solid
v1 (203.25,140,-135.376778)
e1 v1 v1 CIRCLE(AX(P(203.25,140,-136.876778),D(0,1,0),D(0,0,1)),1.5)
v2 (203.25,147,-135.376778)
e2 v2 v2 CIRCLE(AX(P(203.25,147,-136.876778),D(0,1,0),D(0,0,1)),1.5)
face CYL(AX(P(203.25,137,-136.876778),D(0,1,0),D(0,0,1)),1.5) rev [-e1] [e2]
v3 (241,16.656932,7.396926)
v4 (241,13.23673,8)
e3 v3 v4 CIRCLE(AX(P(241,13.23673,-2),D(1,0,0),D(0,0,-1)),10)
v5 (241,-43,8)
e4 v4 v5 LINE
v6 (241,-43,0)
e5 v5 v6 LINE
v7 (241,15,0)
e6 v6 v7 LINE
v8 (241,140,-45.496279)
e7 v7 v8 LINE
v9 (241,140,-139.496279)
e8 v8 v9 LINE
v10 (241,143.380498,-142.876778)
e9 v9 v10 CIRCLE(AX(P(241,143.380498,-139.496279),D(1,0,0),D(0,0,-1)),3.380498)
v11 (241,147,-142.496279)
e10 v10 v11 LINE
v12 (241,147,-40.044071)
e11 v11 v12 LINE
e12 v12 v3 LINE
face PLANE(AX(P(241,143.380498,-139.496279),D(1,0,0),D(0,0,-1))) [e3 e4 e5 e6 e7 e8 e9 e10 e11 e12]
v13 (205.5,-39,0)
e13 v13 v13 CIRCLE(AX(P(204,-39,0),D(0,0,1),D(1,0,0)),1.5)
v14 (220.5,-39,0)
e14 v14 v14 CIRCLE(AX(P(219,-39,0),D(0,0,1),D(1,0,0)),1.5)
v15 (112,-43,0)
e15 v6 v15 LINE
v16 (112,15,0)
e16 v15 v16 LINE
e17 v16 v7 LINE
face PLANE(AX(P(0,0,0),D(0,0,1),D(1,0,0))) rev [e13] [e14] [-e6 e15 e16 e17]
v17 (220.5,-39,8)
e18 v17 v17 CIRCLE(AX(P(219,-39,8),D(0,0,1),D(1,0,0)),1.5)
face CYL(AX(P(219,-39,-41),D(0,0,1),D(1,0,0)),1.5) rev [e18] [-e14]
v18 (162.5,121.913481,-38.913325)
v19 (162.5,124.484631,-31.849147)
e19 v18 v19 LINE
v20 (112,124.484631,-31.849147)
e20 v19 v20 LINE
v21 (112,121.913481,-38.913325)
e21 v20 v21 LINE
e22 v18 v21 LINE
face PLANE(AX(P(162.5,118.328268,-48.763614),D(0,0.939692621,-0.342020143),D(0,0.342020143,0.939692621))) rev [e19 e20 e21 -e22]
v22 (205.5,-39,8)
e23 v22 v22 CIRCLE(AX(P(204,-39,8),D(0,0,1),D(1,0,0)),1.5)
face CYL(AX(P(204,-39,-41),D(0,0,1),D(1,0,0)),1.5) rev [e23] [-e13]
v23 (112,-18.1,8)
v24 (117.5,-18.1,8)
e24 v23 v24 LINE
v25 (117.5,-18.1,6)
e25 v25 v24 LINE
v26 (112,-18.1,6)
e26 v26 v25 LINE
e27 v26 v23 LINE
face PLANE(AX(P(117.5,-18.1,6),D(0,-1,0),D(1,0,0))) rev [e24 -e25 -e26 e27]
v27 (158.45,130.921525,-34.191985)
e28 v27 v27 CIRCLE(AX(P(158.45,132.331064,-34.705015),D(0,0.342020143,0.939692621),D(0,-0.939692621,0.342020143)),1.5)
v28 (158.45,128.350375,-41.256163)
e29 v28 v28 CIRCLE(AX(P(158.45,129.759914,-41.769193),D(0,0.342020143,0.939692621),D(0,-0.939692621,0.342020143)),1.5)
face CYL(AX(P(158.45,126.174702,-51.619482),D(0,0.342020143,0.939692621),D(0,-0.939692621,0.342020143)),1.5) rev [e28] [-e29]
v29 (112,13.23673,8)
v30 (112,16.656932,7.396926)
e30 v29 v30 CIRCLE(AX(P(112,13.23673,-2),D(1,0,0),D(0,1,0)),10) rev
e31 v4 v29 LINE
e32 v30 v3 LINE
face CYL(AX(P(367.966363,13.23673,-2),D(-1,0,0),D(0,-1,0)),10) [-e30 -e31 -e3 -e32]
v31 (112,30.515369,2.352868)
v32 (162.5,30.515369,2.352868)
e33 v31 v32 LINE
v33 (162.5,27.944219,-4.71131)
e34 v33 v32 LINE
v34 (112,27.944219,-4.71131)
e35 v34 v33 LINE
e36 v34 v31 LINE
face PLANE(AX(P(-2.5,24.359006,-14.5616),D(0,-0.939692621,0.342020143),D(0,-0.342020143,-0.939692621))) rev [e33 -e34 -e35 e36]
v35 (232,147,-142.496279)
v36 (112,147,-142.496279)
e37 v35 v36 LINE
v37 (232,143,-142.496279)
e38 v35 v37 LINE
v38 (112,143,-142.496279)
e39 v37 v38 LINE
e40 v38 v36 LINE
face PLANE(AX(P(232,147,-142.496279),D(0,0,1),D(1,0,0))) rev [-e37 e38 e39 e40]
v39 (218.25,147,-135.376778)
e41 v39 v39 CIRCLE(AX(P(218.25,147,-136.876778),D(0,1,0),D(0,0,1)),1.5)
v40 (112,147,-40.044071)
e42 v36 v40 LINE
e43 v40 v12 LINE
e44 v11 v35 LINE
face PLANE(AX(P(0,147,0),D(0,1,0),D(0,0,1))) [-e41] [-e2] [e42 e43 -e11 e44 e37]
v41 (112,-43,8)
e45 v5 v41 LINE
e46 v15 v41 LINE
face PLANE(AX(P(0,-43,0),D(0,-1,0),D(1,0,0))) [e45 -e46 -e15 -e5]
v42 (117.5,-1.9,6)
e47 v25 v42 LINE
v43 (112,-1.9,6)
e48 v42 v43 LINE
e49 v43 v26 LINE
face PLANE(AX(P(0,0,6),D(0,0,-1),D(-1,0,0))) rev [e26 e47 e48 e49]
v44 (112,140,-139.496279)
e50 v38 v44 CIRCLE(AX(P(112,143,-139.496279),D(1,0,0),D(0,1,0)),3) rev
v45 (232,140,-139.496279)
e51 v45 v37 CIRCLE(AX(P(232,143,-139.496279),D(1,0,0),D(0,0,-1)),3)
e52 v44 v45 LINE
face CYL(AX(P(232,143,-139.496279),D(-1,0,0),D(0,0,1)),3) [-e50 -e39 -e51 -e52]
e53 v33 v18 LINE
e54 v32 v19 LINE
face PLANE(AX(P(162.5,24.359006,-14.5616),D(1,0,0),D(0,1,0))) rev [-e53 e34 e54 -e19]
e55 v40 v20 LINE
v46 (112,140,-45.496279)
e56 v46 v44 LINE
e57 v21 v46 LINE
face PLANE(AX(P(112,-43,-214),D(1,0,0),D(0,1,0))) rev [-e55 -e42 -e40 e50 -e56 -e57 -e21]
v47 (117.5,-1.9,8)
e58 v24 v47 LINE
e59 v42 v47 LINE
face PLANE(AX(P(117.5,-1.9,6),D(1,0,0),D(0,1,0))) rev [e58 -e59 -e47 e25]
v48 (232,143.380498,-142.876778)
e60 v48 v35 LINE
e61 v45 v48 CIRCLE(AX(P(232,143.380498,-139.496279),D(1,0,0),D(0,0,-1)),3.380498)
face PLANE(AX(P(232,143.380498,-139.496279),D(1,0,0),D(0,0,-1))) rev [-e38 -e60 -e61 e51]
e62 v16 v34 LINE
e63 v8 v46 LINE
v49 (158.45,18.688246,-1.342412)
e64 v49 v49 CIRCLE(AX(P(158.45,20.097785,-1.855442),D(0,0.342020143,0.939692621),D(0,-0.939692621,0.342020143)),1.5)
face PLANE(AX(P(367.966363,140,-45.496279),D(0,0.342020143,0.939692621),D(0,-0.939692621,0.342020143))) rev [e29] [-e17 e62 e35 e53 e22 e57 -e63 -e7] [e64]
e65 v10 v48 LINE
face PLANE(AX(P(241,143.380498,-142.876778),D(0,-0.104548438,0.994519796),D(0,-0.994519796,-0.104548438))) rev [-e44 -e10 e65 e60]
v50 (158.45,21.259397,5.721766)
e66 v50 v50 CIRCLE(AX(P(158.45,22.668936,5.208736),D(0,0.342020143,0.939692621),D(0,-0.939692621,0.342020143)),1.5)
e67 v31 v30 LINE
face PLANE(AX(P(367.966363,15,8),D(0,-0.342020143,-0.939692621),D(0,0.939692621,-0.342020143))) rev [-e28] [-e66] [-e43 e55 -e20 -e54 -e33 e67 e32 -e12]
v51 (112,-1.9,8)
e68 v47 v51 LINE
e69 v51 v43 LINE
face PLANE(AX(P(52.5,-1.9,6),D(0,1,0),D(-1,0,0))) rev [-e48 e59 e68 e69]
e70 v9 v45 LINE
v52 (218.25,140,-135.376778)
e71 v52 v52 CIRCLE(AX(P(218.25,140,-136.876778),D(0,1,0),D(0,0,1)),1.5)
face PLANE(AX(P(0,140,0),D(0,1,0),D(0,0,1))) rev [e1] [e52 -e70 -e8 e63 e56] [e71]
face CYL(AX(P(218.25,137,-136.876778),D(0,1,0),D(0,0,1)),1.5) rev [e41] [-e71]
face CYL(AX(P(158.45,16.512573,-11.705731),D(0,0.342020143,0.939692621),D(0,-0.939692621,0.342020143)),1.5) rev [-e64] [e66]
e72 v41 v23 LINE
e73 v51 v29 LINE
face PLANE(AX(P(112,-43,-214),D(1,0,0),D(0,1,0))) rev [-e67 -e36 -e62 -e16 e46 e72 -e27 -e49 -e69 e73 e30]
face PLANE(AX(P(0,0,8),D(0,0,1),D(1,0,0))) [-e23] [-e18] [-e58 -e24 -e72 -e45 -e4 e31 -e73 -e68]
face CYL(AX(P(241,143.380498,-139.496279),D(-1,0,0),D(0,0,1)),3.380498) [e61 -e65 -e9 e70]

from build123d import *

# Parameters (mm, degrees)
SKETCH1_W                = 170
SKETCH1_H                = 130
BOSS_EXTRUDE1_DEPTH      = 8
SKETCH2_R                = 1.5
SKETCH2_W                = 165
SKETCH2_H                = 100
CUT_EXTRUDE1_DEPTH       = 21
SKETCH3_W                = 170
SKETCH3_H                = 20
BOSS_EXTRUDE2_DEPTH      = 8
SKETCH4_W                = 65
SKETCH4_H                = 16.2
CUT_EXTRUDE2_DEPTH       = 2
SKETCH5_W                = 3.5
SKETCH5_H                = 12
CUT_EXTRUDE3_DEPTH       = 35
SKETCH6_W                = 170
SKETCH6_H                = 150
BOSS_EXTRUDE3_DEPTH      = 8
BOSS_EXTRUDE4_DEPTH      = 138
SKETCH8_W                = 249
SKETCH8_H                = 138
BOSS_EXTRUDE5_DEPTH      = 1
SKETCH9_W                = 72.8
SKETCH9_H                = 73.25
CUT_EXTRUDE4_DEPTH       = 19
BOSS_EXTRUDE6_DEPTH      = 5
SKETCH11_R               = 1.5
CUT_EXTRUDE5_DEPTH       = 56
SKETCH12_R               = 9
SKETCH12_R_2             = 6.5
SKETCH12_R_3             = 1
SKETCH12_R_4             = 2.75
CUT_EXTRUDE6_DEPTH       = 115
SKETCH13_W               = 58.59049163
SKETCH13_H               = 30.075830986
CUT_EXTRUDE7_DEPTH       = 3
FILLET1_R                = 2
SKETCH15_R               = 1.5
CUT_EXTRUDE8_DEPTH       = 10
CUT_EXTRUDE10_DEPTH      = 261
SKETCH19_R               = 1.5
BOSS_EXTRUDE7_DEPTH      = 8
BOSS_EXTRUDE12_START     = -124.5
BOSS_EXTRUDE12_DEPTH     = 249
SKETCH22_R               = 1.5
SKETCH22_W               = 165
SKETCH22_H               = 100
CUT_EXTRUDE11_DEPTH      = 18
FILLET2_R                = 10
SKETCH24_R               = 2
SKETCH24_W               = 3
SKETCH24_H               = 72
CUT_EXTRUDE15_DEPTH      = 42
CUT_EXTRUDE16_DEPTH      = 140
CUT_EXTRUDE16_DEPTH_BACK = 242
SKETCH27_W               = 249
SKETCH27_H               = 105
BOSS_EXTRUDE13_DEPTH     = 7
CUT_EXTRUDE17_DEPTH      = 249
FILLET6_R                = 3
FILLET7_R                = 3
BOSS_EXTRUDE14_DEPTH     = 9
SKETCH30_R               = 1.5
CUT_EXTRUDE18_DEPTH      = 10
SKETCH31_R               = 1.5
CUT_EXTRUDE19_DEPTH      = 49
CUT_EXTRUDE20_DEPTH      = 49
SKETCH34_W               = 129
SKETCH34_H               = 190
CUT_EXTRUDE21_DEPTH      = 222


with BuildPart() as part:
    # Sketch1 → Boss-Extrude1 (new body)
    with BuildSketch(Plane.XY):
        with Locations((85, 65)):
            Rectangle(SKETCH1_W, SKETCH1_H)
    extrude(amount=BOSS_EXTRUDE1_DEPTH)

    # Sketch2 → Cut-Extrude1 (cut)
    with BuildSketch(Plane.XY.offset(8)):
        with Locations((6.55, 123.35)):
            Circle(SKETCH2_R)
        with Locations((163.45, 123.35)):
            Circle(SKETCH2_R)
        with Locations((6.55, 6.65)):
            Circle(SKETCH2_R)
        with Locations((163.45, 6.65)):
            Circle(SKETCH2_R)
        with Locations((85, 65)):
            Rectangle(SKETCH2_W, SKETCH2_H)
    extrude(amount=-CUT_EXTRUDE1_DEPTH, mode=Mode.SUBTRACT)

    # Sketch3 → Boss-Extrude2 (add)
    with BuildSketch(Plane.XY.offset(8)):
        with Locations((85, -10)):
            Rectangle(SKETCH3_W, SKETCH3_H)
    extrude(amount=-BOSS_EXTRUDE2_DEPTH)

    # Sketch4 → Cut-Extrude2 (cut)
    with BuildSketch(Plane.XY.offset(8)):
        with Locations((85, -10)):
            Rectangle(SKETCH4_W, SKETCH4_H)
    extrude(amount=-CUT_EXTRUDE2_DEPTH, mode=Mode.SUBTRACT)

    # Sketch5 → Cut-Extrude3 (cut)
    with BuildSketch(Plane.XY.offset(6)):
        with Locations((63.25, -10)):
            Rectangle(SKETCH5_W, SKETCH5_H)
        with Locations((71.75, -10)):
            Rectangle(SKETCH5_W, SKETCH5_H)
        with Locations((80.75, -10)):
            Rectangle(SKETCH5_W, SKETCH5_H)
        with Locations((89.25, -10)):
            Rectangle(SKETCH5_W, SKETCH5_H)
        with Locations((98.25, -10)):
            Rectangle(SKETCH5_W, SKETCH5_H)
        with Locations((106.75, -10)):
            Rectangle(SKETCH5_W, SKETCH5_H)
    extrude(amount=-CUT_EXTRUDE3_DEPTH, mode=Mode.SUBTRACT)

    # Sketch6 → Boss-Extrude3 (add)
    with BuildSketch(Plane.XY.offset(8)):
        Polygon((15.504384948, 140), (225, 140), (225, -35), (-10, -35), (-10, 140), align=None)
        with Locations((85, 55)):
            Rectangle(SKETCH6_W, SKETCH6_H, mode=Mode.SUBTRACT)
    extrude(amount=-BOSS_EXTRUDE3_DEPTH)

    # Sketch7 → Boss-Extrude4 (add)
    with BuildSketch(Plane.XY.offset(8)):
        Polygon((-10, 140), (-17, 140), (-17, -42), (232, -42), (232, 140), (225, 140), (225, -35), (-10, -35), align=None)
    extrude(amount=-BOSS_EXTRUDE4_DEPTH)

    # Sketch8 → Boss-Extrude5 (add)
    with BuildSketch(Plane.XZ.offset(42)):
        with Locations((107.5, -61)):
            Rectangle(SKETCH8_W, SKETCH8_H)
    extrude(amount=BOSS_EXTRUDE5_DEPTH)

    # Sketch9 → Cut-Extrude4 (cut)
    with BuildSketch(Plane(origin=(232, 0, 0), x_dir=(0, 0, -1), z_dir=(1, 0, 0))):
        with Locations((75, 35)):
            Rectangle(SKETCH9_W, SKETCH9_H)
    extrude(amount=-CUT_EXTRUDE4_DEPTH, mode=Mode.SUBTRACT)

    # Sketch10 → Boss-Extrude6 (add)
    with BuildSketch(Plane(origin=(232, 0, 0), x_dir=(0, 0, -1), z_dir=(1, 0, 0))):
        Polygon((36, 44), (36, -4), (114, -4), (114, 44), (119, 44), (119, -9), (31, -9), (31, 44), align=None)
    extrude(amount=BOSS_EXTRUDE6_DEPTH)

    # Sketch11 → Cut-Extrude5 (cut)
    with BuildSketch(Plane(origin=(237, 0, 0), x_dir=(0, 0, -1), z_dir=(1, 0, 0))):
        with Locations((33.5, 17.5)):
            Circle(SKETCH11_R)
        with Locations((116.5, 17.5)):
            Circle(SKETCH11_R)
    extrude(amount=-CUT_EXTRUDE5_DEPTH, mode=Mode.SUBTRACT)

    # Sketch12 → Cut-Extrude6 (cut)
    with BuildSketch(Plane(origin=(0, -35, 0), x_dir=(1, 0, 0), z_dir=(0, 1, 0))):
        with Locations(Location((166.25, 32.5, 0), (0, 0, 180))):
            Circle(SKETCH12_R)
        with Locations(Location((166.25, 97.5, 0), (0, 0, 180))):
            Circle(SKETCH12_R_2)
        with Locations(Location((155.75, 97.5, 0), (0, 0, 180))):
            Circle(SKETCH12_R_3)
        with Locations(Location((155.75, 85, 0), (0, 0, 180))):
            Circle(SKETCH12_R_3)
        with Locations(Location((176.75, 85, 0), (0, 0, 180))):
            Circle(SKETCH12_R_3)
        with Locations(Location((176.75, 97.5, 0), (0, 0, 180))):
            Circle(SKETCH12_R_3)
        with Locations(Location((145.25, 97.5, 0), (0, 0, 180))):
            Circle(SKETCH12_R_4)
        with Locations(Location((187.25, 97.5, 0), (0, 0, 180))):
            Circle(SKETCH12_R_4)
    extrude(amount=-CUT_EXTRUDE6_DEPTH, mode=Mode.SUBTRACT)

    # Sketch13 → Cut-Extrude7 (cut)
    with BuildSketch(Plane.XZ.offset(43)):
        with Locations((166.25, -93.48757215)):
            Rectangle(SKETCH13_W, SKETCH13_H)
    extrude(amount=-CUT_EXTRUDE7_DEPTH, mode=Mode.SUBTRACT)

    # Fillet1
    fillet1_edges = [part.edges().sort_by_distance(p)[0] for p in [
        (136.954754185, -40, -93.48757215),
        (166.25, -40, -78.449656657),
        (195.545245815, -40, -93.48757215),
        (166.25, -40, -108.525487643),
    ]]
    fillet(fillet1_edges, radius=FILLET1_R)

    # Sketch15 → Cut-Extrude8 (cut)
    with BuildSketch(Plane(origin=(0, 140, 0), x_dir=(1, 0, 0), z_dir=(0, 1, 0))):
        with Locations(Location((5, -4, 0), (0, 0, 270))):
            Circle(SKETCH15_R)
        with Locations(Location((20, -4, 0), (0, 0, 270))):
            Circle(SKETCH15_R)
        with Locations(Location((217, -4, 0), (0, 0, 90))):
            Circle(SKETCH15_R)
        with Locations(Location((202, -4, 0), (0, 0, 90))):
            Circle(SKETCH15_R)
    extrude(amount=-CUT_EXTRUDE8_DEPTH, mode=Mode.SUBTRACT)

    # Sketch18 → Cut-Extrude10 (cut)
    with BuildSketch(Plane(origin=(232, 0, 0), x_dir=(0, 0, -1), z_dir=(1, 0, 0))):
        Polygon((45.496279283, 140), (-8, 140), (-8, 15), (0, 15), align=None)
    extrude(amount=-CUT_EXTRUDE10_DEPTH, mode=Mode.SUBTRACT)

    # Sketch19 → Boss-Extrude7 (add)
    with BuildSketch(Plane.XY.offset(8)):
        with Locations((6.55, 6.65)):
            Circle(SKETCH19_R)
        with Locations((163.45, 6.65)):
            Circle(SKETCH19_R)
    extrude(amount=-BOSS_EXTRUDE7_DEPTH)

    # Sketch21 → Boss-Extrude12 (add)
    with BuildSketch(Plane(origin=(107.5, 0, 0), x_dir=(0, 0, -1), z_dir=(1, 0, 0)).offset(BOSS_EXTRUDE12_START)):
        Polygon((45.496279283, 140), (0, 15), (-8, 15), (37.496279283, 140), align=None)
    extrude(amount=BOSS_EXTRUDE12_DEPTH)

    # Sketch22 → Cut-Extrude11 (cut)
    with BuildSketch(Plane(origin=(0, 4.325817115, 11.885084845), x_dir=(1, 0, 0), z_dir=(0, 0.3420201433256603, 0.9396926207859115))):
        with Locations(Location((1.55, 136.220338945, 0), (0, 0, 270))):
            Circle(SKETCH22_R)
        with Locations(Location((158.45, 136.220338945, 0), (0, 0, 270))):
            Circle(SKETCH22_R)
        with Locations(Location((1.55, 19.520338945, 0), (0, 0, 270))):
            Circle(SKETCH22_R)
        with Locations(Location((158.45, 19.520338945, 0), (0, 0, 270))):
            Circle(SKETCH22_R)
        with Locations((80, 77.870338945)):
            Rectangle(SKETCH22_W, SKETCH22_H)
    extrude(amount=-CUT_EXTRUDE11_DEPTH, mode=Mode.SUBTRACT)

    # Fillet2
    fillet2_edges = [part.edges().sort_by_distance(p)[0] for p in [
        (107.5, 15, 8),
    ]]
    fillet(fillet2_edges, radius=FILLET2_R)

    # Sketch24 → Cut-Extrude15 (cut)
    with BuildSketch(Plane(origin=(-10, 0, 0), x_dir=(0, 0, -1), z_dir=(1, 0, 0))):
        with Locations(Location((113.5, 48.5, 0), (0, 0, 90))):
            Circle(SKETCH24_R)
        with Locations(Location((119.5, 68.5, 0), (0, 0, 90))):
            Circle(SKETCH24_R)
        with Locations(Location((119.5, 28.5, 0), (0, 0, 90))):
            Circle(SKETCH24_R)
        with Locations((128.5, 48.5)):
            Rectangle(SKETCH24_W, SKETCH24_H)
    extrude(amount=-CUT_EXTRUDE15_DEPTH, mode=Mode.SUBTRACT)

    # Sketch25 → Cut-Extrude16 (cut, two sides: drawn at the far end of the back side and taken through both)
    with BuildSketch(Plane(origin=(232, 0, 0), x_dir=(0, 0, -1), z_dir=(1, 0, 0)).offset(-CUT_EXTRUDE16_DEPTH_BACK)):
        Polygon((45.496279283, 140), (130, 140), (130, -43), (0, -43), (0, 15), align=None)
    extrude(amount=CUT_EXTRUDE16_DEPTH + CUT_EXTRUDE16_DEPTH_BACK, mode=Mode.SUBTRACT)

    # Sketch27 → Boss-Extrude13 (add)
    with BuildSketch(Plane(origin=(0, 140, 0), x_dir=(1, 0, 0), z_dir=(0, 1, 0))):
        with Locations((107.5, 89.996279283)):
            Rectangle(SKETCH27_W, SKETCH27_H)
    extrude(amount=BOSS_EXTRUDE13_DEPTH)

    # Sketch28 → Cut-Extrude17 (cut)
    with BuildSketch(Plane(origin=(232, 0, 0), x_dir=(0, 0, -1), z_dir=(1, 0, 0))):
        Polygon((37.496279283, 140), (40.044070923, 147), (37.496279283, 147), align=None)
    extrude(amount=-CUT_EXTRUDE17_DEPTH, mode=Mode.SUBTRACT)

    # Fillet6
    fillet6_edges = [part.edges().sort_by_distance(p)[0] for p in [
        (107.5, 140, -142.496279283),
    ]]
    fillet(fillet6_edges, radius=FILLET6_R)

    # Fillet7
    fillet7_edges = [part.edges().sort_by_distance(p)[0] for p in [
        (-17, 145, -142.496279283),
        (-17, 140, -134.748139642),
        (-17, 140.878679656, -141.617599627),
    ]]
    fillet(fillet7_edges, radius=FILLET7_R)

    # Sketch29 → Boss-Extrude14 (add)
    with BuildSketch(Plane(origin=(232, 0, 0), x_dir=(0, 0, -1), z_dir=(1, 0, 0))):
        with BuildLine():
            Line((-8, -43), (0, -43))
            Line((0, -43), (0, 15))
            Line((0, 15), (45.496279283, 140))
            Line((45.496279283, 140), (139.496279283, 140))
            ThreePointArc((139.496279283, 140), (141.886652657, 140.990125071), (142.876777727, 143.380498444))
            Line((142.876777727, 143.380498444), (142.496279283, 147))
            Line((142.496279283, 147), (40.044070923, 147))
            Line((40.044070923, 147), (-7.396926208, 16.656931626))
            ThreePointArc((-7.396926208, 16.656931626), (-7.84807753, 14.97321197), (-8, 13.236730193))
            Line((-8, 13.236730193), (-8, -43))
        make_face()
    extrude(amount=BOSS_EXTRUDE14_DEPTH)

    # Sketch30 → Cut-Extrude18 (cut)
    with BuildSketch(Plane(origin=(0, 147, 0), x_dir=(1, 0, 0), z_dir=(0, 1, 0))):
        with Locations(Location((218.25, 136.876777727, 0), (0, 0, 270))):
            Circle(SKETCH30_R)
        with Locations(Location((203.25, 136.876777727, 0), (0, 0, 270))):
            Circle(SKETCH30_R)
    extrude(amount=-CUT_EXTRUDE18_DEPTH, mode=Mode.SUBTRACT)

    # Sketch31 → Cut-Extrude19 (cut)
    with BuildSketch(Plane.XY.offset(8)):
        with Locations((219, -39)):
            Circle(SKETCH31_R)
        with Locations((204, -39)):
            Circle(SKETCH31_R)
    extrude(amount=-CUT_EXTRUDE19_DEPTH, mode=Mode.SUBTRACT)

    # Sketch32 → Cut-Extrude20 (cut)
    with BuildSketch(Plane.ZY.offset(17)):
        with BuildLine():
            Line((-110, 0.736730193), (-12, 0.736730193))
            ThreePointArc((-12, 0.736730193), (-4.5, -6.763269807), (-12, -14.263269807))
            Line((-12, -14.263269807), (-110, -14.263269807))
            ThreePointArc((-110, -14.263269807), (-117.5, -6.763269807), (-110, 0.736730193))
        make_face()
        with BuildLine():
            Line((-110, 119.5), (-48.588668173, 119.5))
            ThreePointArc((-48.588668173, 119.5), (-41.088668173, 112), (-48.588668173, 104.5))
            Line((-48.588668173, 104.5), (-110, 104.5))
            ThreePointArc((-110, 104.5), (-117.5, 112), (-110, 119.5))
        make_face()
    extrude(amount=-CUT_EXTRUDE20_DEPTH, mode=Mode.SUBTRACT)

    # Sketch34 → Cut-Extrude21 (cut)
    with BuildSketch(Plane.XY.offset(8)):
        with Locations((47.5, 52)):
            Rectangle(SKETCH34_W, SKETCH34_H)
    extrude(amount=-CUT_EXTRUDE21_DEPTH, mode=Mode.SUBTRACT)


solid = part.part
